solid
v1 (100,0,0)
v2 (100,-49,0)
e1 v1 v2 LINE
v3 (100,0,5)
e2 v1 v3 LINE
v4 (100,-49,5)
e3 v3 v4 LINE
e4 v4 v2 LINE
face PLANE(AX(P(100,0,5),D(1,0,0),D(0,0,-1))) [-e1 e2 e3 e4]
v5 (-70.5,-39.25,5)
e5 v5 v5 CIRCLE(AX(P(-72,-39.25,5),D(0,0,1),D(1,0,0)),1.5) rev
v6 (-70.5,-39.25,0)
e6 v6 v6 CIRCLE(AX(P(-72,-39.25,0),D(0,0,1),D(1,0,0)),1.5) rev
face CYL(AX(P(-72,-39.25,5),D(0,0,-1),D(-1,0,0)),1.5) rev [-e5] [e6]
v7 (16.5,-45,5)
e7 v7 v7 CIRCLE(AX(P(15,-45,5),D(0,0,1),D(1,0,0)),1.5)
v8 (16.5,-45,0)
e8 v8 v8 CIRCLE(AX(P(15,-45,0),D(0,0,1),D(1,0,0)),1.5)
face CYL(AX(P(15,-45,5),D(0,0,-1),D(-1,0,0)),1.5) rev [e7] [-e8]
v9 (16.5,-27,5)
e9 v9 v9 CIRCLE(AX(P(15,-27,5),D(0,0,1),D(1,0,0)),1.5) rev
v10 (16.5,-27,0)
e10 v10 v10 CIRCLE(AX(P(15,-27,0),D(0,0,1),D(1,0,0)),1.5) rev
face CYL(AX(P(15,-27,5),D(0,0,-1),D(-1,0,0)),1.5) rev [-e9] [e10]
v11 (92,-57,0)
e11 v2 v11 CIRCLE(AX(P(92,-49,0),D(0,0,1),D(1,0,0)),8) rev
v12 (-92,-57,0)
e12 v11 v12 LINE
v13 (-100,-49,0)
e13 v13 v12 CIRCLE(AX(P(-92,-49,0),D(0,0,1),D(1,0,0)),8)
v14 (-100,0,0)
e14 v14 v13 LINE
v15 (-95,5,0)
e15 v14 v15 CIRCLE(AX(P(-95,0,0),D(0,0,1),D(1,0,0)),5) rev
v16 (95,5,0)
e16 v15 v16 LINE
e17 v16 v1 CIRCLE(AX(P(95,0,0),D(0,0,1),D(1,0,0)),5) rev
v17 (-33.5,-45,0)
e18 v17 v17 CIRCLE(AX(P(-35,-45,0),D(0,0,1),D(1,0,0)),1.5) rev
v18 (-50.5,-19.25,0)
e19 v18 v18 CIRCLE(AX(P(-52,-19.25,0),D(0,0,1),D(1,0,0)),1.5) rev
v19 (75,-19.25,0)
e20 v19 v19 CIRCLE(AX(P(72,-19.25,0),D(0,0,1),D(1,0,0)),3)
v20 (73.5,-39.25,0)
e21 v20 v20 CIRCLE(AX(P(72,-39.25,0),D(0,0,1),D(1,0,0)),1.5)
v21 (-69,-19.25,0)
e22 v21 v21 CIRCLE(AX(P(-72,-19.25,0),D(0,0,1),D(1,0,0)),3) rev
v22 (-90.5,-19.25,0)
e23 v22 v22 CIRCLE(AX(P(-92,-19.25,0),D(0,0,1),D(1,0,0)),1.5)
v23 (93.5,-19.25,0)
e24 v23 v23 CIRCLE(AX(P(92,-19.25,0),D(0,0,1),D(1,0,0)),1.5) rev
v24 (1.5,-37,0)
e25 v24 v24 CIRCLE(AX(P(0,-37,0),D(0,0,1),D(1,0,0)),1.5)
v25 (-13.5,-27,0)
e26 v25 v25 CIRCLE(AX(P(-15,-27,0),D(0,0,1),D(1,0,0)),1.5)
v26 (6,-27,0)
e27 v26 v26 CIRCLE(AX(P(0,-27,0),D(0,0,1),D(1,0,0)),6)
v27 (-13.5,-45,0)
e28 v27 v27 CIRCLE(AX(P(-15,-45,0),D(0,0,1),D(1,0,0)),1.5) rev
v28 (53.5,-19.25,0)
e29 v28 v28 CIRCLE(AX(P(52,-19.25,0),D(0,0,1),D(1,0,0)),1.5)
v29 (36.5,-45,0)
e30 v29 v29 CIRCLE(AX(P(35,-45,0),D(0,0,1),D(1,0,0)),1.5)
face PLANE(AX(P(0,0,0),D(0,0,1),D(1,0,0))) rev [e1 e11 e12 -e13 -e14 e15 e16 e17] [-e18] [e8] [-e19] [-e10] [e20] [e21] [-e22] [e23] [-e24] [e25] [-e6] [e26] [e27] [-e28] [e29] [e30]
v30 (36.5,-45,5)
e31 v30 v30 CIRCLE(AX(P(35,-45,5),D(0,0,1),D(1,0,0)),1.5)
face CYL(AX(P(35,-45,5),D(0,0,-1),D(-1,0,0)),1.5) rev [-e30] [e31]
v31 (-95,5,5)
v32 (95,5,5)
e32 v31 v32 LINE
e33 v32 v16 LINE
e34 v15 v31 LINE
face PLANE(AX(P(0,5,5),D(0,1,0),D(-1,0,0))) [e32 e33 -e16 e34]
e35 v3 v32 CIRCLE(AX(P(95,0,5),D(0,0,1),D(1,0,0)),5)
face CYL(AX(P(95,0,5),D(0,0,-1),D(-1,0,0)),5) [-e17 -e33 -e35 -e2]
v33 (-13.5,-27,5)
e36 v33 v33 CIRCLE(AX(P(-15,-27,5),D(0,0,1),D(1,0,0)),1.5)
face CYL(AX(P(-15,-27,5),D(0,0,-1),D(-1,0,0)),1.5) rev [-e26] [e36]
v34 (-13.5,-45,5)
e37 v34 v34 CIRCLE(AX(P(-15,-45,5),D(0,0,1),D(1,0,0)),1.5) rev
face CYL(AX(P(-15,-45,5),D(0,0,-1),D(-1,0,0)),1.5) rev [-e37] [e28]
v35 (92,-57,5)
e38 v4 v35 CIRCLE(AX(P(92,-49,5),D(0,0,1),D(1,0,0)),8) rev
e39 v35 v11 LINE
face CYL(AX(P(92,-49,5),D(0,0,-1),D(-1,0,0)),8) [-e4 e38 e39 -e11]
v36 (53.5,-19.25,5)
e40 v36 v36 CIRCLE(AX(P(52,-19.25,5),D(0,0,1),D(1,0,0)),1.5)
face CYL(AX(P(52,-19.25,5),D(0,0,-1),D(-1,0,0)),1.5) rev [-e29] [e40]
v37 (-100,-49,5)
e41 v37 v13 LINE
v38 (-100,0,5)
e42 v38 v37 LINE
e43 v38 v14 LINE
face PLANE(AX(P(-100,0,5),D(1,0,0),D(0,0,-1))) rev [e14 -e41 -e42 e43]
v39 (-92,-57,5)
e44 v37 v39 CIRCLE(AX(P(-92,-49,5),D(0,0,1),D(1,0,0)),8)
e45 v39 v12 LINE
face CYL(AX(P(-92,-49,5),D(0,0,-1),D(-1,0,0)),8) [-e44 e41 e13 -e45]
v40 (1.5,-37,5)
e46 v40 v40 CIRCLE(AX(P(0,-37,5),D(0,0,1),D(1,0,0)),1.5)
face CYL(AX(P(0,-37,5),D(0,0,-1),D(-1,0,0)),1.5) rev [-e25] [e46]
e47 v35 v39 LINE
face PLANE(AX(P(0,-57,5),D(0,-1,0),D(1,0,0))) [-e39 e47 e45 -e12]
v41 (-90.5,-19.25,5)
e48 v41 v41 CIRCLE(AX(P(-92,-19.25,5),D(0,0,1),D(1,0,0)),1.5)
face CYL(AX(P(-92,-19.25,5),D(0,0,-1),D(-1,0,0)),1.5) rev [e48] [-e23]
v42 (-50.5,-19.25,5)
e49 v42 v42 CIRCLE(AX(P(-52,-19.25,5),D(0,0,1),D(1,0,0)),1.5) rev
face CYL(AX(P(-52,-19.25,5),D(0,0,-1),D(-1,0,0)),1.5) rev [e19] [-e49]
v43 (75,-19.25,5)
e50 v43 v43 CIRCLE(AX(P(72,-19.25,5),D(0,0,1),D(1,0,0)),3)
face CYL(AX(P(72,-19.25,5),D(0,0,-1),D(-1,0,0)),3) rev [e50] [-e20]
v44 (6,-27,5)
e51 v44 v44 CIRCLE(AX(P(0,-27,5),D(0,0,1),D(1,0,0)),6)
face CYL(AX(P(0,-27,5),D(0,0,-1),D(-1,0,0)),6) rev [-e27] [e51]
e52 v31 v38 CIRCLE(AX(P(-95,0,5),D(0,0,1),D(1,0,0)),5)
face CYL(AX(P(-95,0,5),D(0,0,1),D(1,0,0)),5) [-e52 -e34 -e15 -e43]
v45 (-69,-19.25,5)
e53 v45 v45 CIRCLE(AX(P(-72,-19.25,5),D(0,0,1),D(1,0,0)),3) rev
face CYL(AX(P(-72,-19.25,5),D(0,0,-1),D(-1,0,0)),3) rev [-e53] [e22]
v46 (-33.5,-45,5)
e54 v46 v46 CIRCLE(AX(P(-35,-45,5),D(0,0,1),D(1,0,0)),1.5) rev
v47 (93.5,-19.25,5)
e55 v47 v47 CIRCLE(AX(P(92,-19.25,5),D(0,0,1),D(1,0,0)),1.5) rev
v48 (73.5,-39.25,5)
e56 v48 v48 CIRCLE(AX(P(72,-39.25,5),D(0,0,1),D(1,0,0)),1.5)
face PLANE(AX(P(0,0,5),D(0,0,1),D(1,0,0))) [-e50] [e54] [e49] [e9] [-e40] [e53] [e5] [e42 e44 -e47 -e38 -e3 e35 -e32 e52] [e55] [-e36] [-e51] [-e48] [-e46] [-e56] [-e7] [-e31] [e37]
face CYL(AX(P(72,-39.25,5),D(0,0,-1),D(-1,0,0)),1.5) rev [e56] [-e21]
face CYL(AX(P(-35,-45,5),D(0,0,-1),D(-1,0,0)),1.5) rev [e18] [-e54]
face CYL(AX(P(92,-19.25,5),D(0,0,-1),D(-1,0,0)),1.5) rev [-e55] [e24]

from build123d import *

# Parameters (mm, degrees)
CROQUIS1_R              = 6
CROQUIS1_R_2            = 3
CROQUIS1_R_3            = 1.5
SALIENTE_EXTRUIR1_DEPTH = 5
REDONDEO1_R             = 5


with BuildPart() as part:
    # Croquis1 → Saliente-Extruir1 (new body)
    with BuildSketch(Plane.XY):
        with BuildLine():
            Line((100, 0), (100, -49))
            ThreePointArc((100, -49), (97.656854249, -54.656854249), (92, -57))
            Line((92, -57), (-92, -57))
            ThreePointArc((-92, -57), (-97.656854249, -54.656854249), (-100, -49))
            Line((-100, -49), (-100, 0))
            Line((-100, 0), (-100, 5))
            Line((-100, 5), (100, 5))
            Line((100, 5), (100, 0))
        make_face()
        with Locations((0, -27)):
            Circle(CROQUIS1_R, mode=Mode.SUBTRACT)
        with Locations((72, -19.25)):
            Circle(CROQUIS1_R_2, mode=Mode.SUBTRACT)
        with Locations((-72, -19.25)):
            Circle(CROQUIS1_R_2, mode=Mode.SUBTRACT)
        with Locations((72, -39.25)):
            Circle(CROQUIS1_R_3, mode=Mode.SUBTRACT)
        with Locations((52, -19.25)):
            Circle(CROQUIS1_R_3, mode=Mode.SUBTRACT)
        with Locations((92, -19.25)):
            Circle(CROQUIS1_R_3, mode=Mode.SUBTRACT)
        with Locations((-72, -39.25)):
            Circle(CROQUIS1_R_3, mode=Mode.SUBTRACT)
        with Locations((-92, -19.25)):
            Circle(CROQUIS1_R_3, mode=Mode.SUBTRACT)
        with Locations((-52, -19.25)):
            Circle(CROQUIS1_R_3, mode=Mode.SUBTRACT)
        with Locations((15, -45)):
            Circle(CROQUIS1_R_3, mode=Mode.SUBTRACT)
        with Locations((35, -45)):
            Circle(CROQUIS1_R_3, mode=Mode.SUBTRACT)
        with Locations((-35, -45)):
            Circle(CROQUIS1_R_3, mode=Mode.SUBTRACT)
        with Locations((-15, -45)):
            Circle(CROQUIS1_R_3, mode=Mode.SUBTRACT)
        with Locations((-15, -27)):
            Circle(CROQUIS1_R_3, mode=Mode.SUBTRACT)
        with Locations((15, -27)):
            Circle(CROQUIS1_R_3, mode=Mode.SUBTRACT)
        with Locations((0, -37)):
            Circle(CROQUIS1_R_3, mode=Mode.SUBTRACT)
    extrude(amount=SALIENTE_EXTRUIR1_DEPTH)

    # Redondeo1
    redondeo1_edges = [part.edges().sort_by_distance(p)[0] for p in [
        (-100, 5, 2.5),
        (100, 5, 2.5),
    ]]
    fillet(redondeo1_edges, radius=REDONDEO1_R)


solid = part.part
